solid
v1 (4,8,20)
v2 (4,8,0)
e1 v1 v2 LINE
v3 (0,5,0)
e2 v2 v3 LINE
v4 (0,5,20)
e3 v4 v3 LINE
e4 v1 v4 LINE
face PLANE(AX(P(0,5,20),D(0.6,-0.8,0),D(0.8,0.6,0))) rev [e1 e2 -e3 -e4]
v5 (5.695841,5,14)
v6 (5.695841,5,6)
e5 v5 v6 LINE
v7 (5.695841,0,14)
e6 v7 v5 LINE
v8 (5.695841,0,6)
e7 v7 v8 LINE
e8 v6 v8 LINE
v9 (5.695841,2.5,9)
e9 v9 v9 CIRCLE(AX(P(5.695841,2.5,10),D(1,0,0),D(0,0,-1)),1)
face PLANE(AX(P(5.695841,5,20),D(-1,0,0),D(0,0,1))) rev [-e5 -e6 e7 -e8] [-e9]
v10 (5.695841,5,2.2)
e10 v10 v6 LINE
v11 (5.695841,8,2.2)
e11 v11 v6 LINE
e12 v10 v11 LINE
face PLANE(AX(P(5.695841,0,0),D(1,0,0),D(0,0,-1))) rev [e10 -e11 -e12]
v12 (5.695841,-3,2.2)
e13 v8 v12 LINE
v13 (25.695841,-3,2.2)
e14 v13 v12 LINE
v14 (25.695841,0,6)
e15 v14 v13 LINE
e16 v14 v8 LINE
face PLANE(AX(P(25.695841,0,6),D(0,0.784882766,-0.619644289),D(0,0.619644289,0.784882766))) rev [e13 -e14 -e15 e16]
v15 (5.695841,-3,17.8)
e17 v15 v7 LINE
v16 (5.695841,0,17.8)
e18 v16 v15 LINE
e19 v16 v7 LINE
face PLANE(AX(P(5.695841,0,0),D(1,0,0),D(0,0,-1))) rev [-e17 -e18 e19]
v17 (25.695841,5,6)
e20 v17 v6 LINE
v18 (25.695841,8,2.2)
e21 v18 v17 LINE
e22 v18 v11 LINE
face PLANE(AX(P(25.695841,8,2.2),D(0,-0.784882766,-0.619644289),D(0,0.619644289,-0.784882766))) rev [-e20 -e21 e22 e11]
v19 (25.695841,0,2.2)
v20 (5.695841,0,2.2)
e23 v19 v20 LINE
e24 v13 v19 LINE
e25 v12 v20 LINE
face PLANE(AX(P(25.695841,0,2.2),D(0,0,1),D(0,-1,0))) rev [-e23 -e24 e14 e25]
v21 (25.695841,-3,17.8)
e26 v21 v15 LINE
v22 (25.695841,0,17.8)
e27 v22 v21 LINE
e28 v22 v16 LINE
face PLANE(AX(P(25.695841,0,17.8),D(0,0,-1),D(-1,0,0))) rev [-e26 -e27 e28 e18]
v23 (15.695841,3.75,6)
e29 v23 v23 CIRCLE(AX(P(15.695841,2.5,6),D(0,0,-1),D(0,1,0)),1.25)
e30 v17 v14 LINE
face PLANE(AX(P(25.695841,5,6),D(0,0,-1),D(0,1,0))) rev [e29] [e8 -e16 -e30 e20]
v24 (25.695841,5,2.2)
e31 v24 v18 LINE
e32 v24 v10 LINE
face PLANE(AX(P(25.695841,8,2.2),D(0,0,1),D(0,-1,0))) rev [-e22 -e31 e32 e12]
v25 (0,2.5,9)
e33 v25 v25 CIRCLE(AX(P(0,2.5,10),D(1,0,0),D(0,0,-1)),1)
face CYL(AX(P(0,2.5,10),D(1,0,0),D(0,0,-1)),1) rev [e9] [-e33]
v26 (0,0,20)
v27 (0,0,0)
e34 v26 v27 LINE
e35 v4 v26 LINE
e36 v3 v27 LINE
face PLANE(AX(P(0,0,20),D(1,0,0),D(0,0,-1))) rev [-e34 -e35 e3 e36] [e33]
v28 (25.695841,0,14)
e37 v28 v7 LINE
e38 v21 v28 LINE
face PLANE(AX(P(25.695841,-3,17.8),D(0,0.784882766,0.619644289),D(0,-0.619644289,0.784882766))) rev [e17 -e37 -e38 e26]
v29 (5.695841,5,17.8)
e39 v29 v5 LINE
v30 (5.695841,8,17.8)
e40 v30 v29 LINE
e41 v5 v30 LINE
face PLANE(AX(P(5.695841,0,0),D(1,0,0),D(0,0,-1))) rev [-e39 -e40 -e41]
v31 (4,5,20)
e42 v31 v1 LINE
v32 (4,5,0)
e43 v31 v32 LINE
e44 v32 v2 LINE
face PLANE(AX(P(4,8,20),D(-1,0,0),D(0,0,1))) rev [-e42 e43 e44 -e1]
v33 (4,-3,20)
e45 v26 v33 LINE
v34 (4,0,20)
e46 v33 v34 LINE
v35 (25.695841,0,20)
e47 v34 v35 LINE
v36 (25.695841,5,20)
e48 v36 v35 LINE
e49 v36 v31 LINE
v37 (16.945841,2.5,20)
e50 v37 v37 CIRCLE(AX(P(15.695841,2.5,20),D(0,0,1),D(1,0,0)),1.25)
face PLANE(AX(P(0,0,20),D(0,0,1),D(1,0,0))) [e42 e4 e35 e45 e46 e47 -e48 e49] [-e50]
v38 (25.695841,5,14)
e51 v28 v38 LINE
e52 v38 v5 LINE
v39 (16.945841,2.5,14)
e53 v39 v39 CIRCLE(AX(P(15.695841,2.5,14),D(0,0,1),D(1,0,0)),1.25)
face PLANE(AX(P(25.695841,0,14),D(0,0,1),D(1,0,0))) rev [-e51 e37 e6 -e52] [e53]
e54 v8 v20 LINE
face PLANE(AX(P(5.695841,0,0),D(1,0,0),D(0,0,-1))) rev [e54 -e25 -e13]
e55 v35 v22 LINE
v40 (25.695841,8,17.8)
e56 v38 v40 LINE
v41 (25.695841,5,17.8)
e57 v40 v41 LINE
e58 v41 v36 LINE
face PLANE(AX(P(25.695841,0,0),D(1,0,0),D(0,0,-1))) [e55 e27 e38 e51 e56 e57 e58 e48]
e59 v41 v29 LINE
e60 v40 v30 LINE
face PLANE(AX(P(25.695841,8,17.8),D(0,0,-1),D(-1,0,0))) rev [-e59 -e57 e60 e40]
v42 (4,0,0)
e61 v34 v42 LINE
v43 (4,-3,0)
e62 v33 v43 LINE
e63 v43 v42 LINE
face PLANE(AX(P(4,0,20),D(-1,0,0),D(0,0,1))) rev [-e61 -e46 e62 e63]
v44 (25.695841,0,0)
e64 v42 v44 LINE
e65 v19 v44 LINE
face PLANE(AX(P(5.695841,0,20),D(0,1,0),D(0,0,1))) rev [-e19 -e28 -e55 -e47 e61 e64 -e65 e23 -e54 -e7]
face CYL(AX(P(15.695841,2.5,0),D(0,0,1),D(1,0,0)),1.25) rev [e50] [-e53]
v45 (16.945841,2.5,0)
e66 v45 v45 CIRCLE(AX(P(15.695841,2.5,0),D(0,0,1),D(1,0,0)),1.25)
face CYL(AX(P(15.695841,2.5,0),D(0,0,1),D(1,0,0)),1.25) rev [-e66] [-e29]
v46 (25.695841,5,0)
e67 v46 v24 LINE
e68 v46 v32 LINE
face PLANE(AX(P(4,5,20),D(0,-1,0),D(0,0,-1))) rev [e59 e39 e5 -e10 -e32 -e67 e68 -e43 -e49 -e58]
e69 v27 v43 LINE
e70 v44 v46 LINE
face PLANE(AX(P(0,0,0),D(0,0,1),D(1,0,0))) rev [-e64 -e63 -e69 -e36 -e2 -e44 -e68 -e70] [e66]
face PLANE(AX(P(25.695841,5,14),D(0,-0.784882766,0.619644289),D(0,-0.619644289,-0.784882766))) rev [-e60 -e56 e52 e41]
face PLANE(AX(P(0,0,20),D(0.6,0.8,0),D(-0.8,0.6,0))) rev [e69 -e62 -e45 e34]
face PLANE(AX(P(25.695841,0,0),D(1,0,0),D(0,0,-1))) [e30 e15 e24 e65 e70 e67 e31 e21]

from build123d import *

# Parameters (mm, degrees)
BOSS_EXTRU_1_DEPTH      = 20
ESQUISSE1_R             = 1
ENL_V_MAT_EXTRU_1_DEPTH = 6.695841166
BOSS_EXTRU_2_DEPTH      = 20
ESQUISSE3_R             = 1.25
ENL_V_MAT_EXTRU_2_DEPTH = 21


with BuildPart() as part:
    # ProfileRainureEsquisse → Boss.-Extru.1 (new body)
    with BuildSketch(Plane.XY):
        Polygon((0, 0), (0, 5), (4, 8), (4, 5), (5.695841166, 5), (5.695841166, 0), (4, 0), (4, -3), align=None)
    extrude(amount=BOSS_EXTRU_1_DEPTH)

    # Esquisse1 → Enlèv. mat.-Extru.1 (cut, through all)
    with BuildSketch(Plane(origin=(5.695841166, 0, 0), x_dir=(0, 0, -1), z_dir=(1, 0, 0))):
        with Locations((-10, 2.5)):
            Circle(ESQUISSE1_R)
    extrude(amount=-ENL_V_MAT_EXTRU_1_DEPTH, mode=Mode.SUBTRACT)

    # Esquisse2 → Boss.-Extru.2 (add)
    with BuildSketch(Plane(origin=(5.695841166, 0, 0), x_dir=(0, 0, -1), z_dir=(1, 0, 0))):
        Polygon((-14, 0), (-14, 5), (-17.8, 8), (-17.8, 5), (-20, 5), (-20, 0), (-17.8, 0), (-17.8, -3), align=None)
        Polygon((-6, 5), (-6, 0), (-2.2, -3), (-2.2, 0), (0, 0), (0, 5), (-2.2, 5), (-2.2, 8), align=None)
    extrude(amount=BOSS_EXTRU_2_DEPTH)

    # Esquisse3 → Enlèv. mat.-Extru.2 (cut, through all)
    with BuildSketch(Plane.XY.offset(20)):
        with Locations((15.695841166, 2.5)):
            Circle(ESQUISSE3_R)
    extrude(amount=-ENL_V_MAT_EXTRU_2_DEPTH, mode=Mode.SUBTRACT)


solid = part.part
